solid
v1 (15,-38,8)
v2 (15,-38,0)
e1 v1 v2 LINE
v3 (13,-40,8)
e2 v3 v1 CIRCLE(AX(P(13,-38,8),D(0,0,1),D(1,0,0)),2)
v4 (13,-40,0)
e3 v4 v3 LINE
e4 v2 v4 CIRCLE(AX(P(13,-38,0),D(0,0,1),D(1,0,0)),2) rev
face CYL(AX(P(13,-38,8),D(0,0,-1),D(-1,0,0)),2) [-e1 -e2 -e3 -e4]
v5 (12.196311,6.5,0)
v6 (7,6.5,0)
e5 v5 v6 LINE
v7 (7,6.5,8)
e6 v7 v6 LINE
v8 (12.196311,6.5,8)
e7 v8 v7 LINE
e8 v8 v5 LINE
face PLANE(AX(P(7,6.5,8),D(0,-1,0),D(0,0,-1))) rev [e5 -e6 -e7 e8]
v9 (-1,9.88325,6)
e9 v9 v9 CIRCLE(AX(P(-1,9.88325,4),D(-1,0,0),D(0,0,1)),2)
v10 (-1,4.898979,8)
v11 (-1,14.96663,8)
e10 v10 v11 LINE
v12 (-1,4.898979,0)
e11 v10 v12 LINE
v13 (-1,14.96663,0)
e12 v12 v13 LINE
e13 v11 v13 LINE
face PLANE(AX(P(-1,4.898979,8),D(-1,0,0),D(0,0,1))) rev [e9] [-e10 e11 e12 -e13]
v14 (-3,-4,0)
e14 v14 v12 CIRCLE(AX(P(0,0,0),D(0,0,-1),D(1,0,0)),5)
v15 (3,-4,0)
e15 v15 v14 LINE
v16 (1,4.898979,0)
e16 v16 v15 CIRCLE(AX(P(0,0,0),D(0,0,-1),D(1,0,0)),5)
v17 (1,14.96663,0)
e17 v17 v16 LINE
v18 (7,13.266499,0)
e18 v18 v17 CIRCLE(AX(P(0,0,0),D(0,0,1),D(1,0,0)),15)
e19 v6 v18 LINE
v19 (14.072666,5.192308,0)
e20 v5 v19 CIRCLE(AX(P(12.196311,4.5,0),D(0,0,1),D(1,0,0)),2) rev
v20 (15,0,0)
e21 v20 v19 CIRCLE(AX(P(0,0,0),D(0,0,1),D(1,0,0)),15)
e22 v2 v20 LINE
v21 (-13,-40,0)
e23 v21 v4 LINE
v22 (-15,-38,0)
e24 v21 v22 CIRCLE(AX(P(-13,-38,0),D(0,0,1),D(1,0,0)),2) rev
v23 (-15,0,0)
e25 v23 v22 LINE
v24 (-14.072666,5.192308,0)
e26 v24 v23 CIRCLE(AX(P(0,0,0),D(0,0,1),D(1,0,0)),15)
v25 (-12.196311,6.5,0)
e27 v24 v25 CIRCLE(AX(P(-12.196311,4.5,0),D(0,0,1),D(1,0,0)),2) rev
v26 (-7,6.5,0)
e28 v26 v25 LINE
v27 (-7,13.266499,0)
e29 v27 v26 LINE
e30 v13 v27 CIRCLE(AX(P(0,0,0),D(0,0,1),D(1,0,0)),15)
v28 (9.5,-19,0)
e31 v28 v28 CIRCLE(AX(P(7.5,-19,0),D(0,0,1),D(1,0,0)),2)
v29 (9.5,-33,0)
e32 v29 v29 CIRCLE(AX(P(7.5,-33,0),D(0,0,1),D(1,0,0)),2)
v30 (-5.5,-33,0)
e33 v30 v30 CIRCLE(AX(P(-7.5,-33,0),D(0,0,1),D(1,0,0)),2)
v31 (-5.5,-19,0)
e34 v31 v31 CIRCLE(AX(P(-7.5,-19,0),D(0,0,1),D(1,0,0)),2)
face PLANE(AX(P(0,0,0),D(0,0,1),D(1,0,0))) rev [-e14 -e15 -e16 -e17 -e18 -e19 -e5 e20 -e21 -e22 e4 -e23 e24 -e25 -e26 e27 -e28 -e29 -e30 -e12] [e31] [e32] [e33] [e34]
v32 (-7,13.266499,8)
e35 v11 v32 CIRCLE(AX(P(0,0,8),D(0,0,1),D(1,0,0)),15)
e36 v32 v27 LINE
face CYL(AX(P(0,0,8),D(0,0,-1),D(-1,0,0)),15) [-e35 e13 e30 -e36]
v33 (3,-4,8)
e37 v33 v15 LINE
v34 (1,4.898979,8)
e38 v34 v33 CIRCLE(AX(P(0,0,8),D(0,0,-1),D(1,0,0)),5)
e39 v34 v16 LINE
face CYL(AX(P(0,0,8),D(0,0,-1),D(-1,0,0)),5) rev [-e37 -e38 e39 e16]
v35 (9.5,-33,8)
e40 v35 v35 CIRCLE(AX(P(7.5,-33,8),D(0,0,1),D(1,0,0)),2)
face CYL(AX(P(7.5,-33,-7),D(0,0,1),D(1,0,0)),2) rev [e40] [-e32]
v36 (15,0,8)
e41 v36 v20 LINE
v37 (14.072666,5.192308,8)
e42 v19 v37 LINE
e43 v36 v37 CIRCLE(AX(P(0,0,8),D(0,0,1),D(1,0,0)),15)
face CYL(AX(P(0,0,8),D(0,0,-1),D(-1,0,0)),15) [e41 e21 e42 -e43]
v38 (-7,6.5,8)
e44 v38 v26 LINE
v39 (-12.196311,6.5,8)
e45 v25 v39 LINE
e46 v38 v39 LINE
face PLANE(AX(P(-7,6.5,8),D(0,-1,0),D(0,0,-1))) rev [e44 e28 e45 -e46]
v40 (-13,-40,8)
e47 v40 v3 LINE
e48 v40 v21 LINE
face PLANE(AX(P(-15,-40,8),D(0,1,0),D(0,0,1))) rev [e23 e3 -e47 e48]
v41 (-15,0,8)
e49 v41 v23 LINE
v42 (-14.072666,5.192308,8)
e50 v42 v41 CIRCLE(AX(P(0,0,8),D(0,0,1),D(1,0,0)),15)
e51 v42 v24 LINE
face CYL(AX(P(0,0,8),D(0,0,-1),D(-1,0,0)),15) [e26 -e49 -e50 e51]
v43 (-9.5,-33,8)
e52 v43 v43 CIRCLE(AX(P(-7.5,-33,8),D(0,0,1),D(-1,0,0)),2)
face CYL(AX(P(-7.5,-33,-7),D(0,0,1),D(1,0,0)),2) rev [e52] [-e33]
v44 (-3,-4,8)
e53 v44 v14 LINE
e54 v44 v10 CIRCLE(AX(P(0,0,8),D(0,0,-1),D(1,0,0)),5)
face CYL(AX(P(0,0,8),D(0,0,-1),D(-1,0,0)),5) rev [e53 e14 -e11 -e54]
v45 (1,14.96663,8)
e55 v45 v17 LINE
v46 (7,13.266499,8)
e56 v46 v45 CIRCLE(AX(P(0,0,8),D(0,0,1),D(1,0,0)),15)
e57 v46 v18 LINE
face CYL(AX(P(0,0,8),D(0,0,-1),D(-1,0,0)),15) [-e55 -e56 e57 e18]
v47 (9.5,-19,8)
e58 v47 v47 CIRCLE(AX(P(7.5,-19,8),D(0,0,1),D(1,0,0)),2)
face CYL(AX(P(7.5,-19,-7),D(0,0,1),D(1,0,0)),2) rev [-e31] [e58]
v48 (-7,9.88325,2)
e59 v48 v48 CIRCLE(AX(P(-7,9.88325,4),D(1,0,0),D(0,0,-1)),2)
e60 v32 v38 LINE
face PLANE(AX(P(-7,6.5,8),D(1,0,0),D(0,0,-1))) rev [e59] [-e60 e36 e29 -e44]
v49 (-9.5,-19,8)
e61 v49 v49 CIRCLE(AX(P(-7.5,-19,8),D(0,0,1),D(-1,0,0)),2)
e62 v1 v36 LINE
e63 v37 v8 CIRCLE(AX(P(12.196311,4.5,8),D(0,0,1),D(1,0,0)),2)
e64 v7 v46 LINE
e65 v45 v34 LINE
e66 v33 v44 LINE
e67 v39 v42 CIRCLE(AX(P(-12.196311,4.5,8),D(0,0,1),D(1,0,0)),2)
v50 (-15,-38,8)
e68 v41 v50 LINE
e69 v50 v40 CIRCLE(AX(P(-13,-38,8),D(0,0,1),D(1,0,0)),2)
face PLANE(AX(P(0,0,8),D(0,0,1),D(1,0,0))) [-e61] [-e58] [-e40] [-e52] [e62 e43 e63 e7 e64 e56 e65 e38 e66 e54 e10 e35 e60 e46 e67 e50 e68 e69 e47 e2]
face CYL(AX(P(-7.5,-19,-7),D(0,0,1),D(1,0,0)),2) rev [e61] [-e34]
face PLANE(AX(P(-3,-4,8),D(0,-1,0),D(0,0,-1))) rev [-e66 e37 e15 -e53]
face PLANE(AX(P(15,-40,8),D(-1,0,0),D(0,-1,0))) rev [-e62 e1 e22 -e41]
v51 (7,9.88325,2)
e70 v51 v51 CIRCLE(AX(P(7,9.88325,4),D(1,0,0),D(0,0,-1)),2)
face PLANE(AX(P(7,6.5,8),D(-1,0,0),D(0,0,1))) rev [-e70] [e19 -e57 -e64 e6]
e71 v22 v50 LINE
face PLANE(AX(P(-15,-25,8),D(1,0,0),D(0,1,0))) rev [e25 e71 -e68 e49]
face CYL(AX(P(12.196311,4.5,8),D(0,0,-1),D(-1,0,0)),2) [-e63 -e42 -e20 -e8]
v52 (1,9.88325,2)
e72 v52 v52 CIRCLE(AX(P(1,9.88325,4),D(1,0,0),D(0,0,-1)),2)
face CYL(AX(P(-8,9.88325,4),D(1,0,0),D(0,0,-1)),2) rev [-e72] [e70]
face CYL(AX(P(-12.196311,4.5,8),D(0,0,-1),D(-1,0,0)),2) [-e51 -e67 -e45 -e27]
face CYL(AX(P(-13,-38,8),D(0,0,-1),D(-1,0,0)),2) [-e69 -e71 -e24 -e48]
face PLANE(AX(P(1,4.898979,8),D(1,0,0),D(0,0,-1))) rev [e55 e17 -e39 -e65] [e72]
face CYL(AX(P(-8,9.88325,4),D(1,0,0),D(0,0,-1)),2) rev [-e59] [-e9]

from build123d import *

# Parameters (mm, degrees)
EXTRUDE_1_DEPTH     = 8
SKETCH_2_R          = 2
CUT_EXTRUDE_1_DEPTH = 15
SKETCH_3_R          = 2
CUT_EXTRUDE_2_DEPTH = 15
FILLET_1_R          = 2


with BuildPart() as part:
    # 草图1 → 凸台-拉伸1 (new body)
    with BuildSketch(Plane.XY):
        with BuildLine():
            Line((-15, 0), (-15, -25))
            Line((-15, -25), (-15, -40))
            Line((-15, -40), (15, -40))
            Line((15, -40), (15, 0))
            ThreePointArc((15, 0), (14.624937393, 3.333347603), (13.518505835, 6.5))
            Line((13.518505835, 6.5), (7, 6.5))
            Line((7, 6.5), (7, 13.266499161))
            ThreePointArc((7, 13.266499161), (4.089328898, 14.431818637), (1, 14.966629547))
            Line((1, 14.966629547), (1, 4.898979486))
            ThreePointArc((1, 4.898979486), (4.878315178, 1.096376317), (3, -4))
            Line((3, -4), (-3, -4))
            ThreePointArc((-3, -4), (-4.878315178, 1.096376317), (-1, 4.898979486))
            Line((-1, 4.898979486), (-1, 14.966629547))
            ThreePointArc((-1, 14.966629547), (-4.089328898, 14.431818637), (-7, 13.266499161))
            Line((-7, 13.266499161), (-7, 6.5))
            Line((-7, 6.5), (-13.518505835, 6.5))
            ThreePointArc((-13.518505835, 6.5), (-14.624937393, 3.333347603), (-15, 0))
        make_face()
    extrude(amount=EXTRUDE_1_DEPTH)

    # 草图2 → 切除-拉伸1 (cut)
    with BuildSketch(Plane(origin=(7, 0, 0), x_dir=(0, 0, -1), z_dir=(1, 0, 0))):
        with Locations((-4, 9.883249581)):
            Circle(SKETCH_2_R)
    extrude(amount=-CUT_EXTRUDE_1_DEPTH, mode=Mode.SUBTRACT)

    # 草图3 → 切除-拉伸2 (cut)
    with BuildSketch(Plane.XY.offset(8)):
        with Locations((7.5, -19)):
            Circle(SKETCH_3_R)
        with Locations((7.5, -33)):
            Circle(SKETCH_3_R)
        with Locations((-7.5, -33)):
            Circle(SKETCH_3_R)
        with Locations((-7.5, -19)):
            Circle(SKETCH_3_R)
    extrude(amount=-CUT_EXTRUDE_2_DEPTH, mode=Mode.SUBTRACT)

    # 圆角1
    fillet_1_edges = [part.edges().sort_by_distance(p)[0] for p in [
        (-13.518505835, 6.5, 4),
        (13.518505835, 6.5, 4),
        (15, -40, 4),
        (-15, -40, 4),
    ]]
    fillet(fillet_1_edges, radius=FILLET_1_R)


solid = part.part
